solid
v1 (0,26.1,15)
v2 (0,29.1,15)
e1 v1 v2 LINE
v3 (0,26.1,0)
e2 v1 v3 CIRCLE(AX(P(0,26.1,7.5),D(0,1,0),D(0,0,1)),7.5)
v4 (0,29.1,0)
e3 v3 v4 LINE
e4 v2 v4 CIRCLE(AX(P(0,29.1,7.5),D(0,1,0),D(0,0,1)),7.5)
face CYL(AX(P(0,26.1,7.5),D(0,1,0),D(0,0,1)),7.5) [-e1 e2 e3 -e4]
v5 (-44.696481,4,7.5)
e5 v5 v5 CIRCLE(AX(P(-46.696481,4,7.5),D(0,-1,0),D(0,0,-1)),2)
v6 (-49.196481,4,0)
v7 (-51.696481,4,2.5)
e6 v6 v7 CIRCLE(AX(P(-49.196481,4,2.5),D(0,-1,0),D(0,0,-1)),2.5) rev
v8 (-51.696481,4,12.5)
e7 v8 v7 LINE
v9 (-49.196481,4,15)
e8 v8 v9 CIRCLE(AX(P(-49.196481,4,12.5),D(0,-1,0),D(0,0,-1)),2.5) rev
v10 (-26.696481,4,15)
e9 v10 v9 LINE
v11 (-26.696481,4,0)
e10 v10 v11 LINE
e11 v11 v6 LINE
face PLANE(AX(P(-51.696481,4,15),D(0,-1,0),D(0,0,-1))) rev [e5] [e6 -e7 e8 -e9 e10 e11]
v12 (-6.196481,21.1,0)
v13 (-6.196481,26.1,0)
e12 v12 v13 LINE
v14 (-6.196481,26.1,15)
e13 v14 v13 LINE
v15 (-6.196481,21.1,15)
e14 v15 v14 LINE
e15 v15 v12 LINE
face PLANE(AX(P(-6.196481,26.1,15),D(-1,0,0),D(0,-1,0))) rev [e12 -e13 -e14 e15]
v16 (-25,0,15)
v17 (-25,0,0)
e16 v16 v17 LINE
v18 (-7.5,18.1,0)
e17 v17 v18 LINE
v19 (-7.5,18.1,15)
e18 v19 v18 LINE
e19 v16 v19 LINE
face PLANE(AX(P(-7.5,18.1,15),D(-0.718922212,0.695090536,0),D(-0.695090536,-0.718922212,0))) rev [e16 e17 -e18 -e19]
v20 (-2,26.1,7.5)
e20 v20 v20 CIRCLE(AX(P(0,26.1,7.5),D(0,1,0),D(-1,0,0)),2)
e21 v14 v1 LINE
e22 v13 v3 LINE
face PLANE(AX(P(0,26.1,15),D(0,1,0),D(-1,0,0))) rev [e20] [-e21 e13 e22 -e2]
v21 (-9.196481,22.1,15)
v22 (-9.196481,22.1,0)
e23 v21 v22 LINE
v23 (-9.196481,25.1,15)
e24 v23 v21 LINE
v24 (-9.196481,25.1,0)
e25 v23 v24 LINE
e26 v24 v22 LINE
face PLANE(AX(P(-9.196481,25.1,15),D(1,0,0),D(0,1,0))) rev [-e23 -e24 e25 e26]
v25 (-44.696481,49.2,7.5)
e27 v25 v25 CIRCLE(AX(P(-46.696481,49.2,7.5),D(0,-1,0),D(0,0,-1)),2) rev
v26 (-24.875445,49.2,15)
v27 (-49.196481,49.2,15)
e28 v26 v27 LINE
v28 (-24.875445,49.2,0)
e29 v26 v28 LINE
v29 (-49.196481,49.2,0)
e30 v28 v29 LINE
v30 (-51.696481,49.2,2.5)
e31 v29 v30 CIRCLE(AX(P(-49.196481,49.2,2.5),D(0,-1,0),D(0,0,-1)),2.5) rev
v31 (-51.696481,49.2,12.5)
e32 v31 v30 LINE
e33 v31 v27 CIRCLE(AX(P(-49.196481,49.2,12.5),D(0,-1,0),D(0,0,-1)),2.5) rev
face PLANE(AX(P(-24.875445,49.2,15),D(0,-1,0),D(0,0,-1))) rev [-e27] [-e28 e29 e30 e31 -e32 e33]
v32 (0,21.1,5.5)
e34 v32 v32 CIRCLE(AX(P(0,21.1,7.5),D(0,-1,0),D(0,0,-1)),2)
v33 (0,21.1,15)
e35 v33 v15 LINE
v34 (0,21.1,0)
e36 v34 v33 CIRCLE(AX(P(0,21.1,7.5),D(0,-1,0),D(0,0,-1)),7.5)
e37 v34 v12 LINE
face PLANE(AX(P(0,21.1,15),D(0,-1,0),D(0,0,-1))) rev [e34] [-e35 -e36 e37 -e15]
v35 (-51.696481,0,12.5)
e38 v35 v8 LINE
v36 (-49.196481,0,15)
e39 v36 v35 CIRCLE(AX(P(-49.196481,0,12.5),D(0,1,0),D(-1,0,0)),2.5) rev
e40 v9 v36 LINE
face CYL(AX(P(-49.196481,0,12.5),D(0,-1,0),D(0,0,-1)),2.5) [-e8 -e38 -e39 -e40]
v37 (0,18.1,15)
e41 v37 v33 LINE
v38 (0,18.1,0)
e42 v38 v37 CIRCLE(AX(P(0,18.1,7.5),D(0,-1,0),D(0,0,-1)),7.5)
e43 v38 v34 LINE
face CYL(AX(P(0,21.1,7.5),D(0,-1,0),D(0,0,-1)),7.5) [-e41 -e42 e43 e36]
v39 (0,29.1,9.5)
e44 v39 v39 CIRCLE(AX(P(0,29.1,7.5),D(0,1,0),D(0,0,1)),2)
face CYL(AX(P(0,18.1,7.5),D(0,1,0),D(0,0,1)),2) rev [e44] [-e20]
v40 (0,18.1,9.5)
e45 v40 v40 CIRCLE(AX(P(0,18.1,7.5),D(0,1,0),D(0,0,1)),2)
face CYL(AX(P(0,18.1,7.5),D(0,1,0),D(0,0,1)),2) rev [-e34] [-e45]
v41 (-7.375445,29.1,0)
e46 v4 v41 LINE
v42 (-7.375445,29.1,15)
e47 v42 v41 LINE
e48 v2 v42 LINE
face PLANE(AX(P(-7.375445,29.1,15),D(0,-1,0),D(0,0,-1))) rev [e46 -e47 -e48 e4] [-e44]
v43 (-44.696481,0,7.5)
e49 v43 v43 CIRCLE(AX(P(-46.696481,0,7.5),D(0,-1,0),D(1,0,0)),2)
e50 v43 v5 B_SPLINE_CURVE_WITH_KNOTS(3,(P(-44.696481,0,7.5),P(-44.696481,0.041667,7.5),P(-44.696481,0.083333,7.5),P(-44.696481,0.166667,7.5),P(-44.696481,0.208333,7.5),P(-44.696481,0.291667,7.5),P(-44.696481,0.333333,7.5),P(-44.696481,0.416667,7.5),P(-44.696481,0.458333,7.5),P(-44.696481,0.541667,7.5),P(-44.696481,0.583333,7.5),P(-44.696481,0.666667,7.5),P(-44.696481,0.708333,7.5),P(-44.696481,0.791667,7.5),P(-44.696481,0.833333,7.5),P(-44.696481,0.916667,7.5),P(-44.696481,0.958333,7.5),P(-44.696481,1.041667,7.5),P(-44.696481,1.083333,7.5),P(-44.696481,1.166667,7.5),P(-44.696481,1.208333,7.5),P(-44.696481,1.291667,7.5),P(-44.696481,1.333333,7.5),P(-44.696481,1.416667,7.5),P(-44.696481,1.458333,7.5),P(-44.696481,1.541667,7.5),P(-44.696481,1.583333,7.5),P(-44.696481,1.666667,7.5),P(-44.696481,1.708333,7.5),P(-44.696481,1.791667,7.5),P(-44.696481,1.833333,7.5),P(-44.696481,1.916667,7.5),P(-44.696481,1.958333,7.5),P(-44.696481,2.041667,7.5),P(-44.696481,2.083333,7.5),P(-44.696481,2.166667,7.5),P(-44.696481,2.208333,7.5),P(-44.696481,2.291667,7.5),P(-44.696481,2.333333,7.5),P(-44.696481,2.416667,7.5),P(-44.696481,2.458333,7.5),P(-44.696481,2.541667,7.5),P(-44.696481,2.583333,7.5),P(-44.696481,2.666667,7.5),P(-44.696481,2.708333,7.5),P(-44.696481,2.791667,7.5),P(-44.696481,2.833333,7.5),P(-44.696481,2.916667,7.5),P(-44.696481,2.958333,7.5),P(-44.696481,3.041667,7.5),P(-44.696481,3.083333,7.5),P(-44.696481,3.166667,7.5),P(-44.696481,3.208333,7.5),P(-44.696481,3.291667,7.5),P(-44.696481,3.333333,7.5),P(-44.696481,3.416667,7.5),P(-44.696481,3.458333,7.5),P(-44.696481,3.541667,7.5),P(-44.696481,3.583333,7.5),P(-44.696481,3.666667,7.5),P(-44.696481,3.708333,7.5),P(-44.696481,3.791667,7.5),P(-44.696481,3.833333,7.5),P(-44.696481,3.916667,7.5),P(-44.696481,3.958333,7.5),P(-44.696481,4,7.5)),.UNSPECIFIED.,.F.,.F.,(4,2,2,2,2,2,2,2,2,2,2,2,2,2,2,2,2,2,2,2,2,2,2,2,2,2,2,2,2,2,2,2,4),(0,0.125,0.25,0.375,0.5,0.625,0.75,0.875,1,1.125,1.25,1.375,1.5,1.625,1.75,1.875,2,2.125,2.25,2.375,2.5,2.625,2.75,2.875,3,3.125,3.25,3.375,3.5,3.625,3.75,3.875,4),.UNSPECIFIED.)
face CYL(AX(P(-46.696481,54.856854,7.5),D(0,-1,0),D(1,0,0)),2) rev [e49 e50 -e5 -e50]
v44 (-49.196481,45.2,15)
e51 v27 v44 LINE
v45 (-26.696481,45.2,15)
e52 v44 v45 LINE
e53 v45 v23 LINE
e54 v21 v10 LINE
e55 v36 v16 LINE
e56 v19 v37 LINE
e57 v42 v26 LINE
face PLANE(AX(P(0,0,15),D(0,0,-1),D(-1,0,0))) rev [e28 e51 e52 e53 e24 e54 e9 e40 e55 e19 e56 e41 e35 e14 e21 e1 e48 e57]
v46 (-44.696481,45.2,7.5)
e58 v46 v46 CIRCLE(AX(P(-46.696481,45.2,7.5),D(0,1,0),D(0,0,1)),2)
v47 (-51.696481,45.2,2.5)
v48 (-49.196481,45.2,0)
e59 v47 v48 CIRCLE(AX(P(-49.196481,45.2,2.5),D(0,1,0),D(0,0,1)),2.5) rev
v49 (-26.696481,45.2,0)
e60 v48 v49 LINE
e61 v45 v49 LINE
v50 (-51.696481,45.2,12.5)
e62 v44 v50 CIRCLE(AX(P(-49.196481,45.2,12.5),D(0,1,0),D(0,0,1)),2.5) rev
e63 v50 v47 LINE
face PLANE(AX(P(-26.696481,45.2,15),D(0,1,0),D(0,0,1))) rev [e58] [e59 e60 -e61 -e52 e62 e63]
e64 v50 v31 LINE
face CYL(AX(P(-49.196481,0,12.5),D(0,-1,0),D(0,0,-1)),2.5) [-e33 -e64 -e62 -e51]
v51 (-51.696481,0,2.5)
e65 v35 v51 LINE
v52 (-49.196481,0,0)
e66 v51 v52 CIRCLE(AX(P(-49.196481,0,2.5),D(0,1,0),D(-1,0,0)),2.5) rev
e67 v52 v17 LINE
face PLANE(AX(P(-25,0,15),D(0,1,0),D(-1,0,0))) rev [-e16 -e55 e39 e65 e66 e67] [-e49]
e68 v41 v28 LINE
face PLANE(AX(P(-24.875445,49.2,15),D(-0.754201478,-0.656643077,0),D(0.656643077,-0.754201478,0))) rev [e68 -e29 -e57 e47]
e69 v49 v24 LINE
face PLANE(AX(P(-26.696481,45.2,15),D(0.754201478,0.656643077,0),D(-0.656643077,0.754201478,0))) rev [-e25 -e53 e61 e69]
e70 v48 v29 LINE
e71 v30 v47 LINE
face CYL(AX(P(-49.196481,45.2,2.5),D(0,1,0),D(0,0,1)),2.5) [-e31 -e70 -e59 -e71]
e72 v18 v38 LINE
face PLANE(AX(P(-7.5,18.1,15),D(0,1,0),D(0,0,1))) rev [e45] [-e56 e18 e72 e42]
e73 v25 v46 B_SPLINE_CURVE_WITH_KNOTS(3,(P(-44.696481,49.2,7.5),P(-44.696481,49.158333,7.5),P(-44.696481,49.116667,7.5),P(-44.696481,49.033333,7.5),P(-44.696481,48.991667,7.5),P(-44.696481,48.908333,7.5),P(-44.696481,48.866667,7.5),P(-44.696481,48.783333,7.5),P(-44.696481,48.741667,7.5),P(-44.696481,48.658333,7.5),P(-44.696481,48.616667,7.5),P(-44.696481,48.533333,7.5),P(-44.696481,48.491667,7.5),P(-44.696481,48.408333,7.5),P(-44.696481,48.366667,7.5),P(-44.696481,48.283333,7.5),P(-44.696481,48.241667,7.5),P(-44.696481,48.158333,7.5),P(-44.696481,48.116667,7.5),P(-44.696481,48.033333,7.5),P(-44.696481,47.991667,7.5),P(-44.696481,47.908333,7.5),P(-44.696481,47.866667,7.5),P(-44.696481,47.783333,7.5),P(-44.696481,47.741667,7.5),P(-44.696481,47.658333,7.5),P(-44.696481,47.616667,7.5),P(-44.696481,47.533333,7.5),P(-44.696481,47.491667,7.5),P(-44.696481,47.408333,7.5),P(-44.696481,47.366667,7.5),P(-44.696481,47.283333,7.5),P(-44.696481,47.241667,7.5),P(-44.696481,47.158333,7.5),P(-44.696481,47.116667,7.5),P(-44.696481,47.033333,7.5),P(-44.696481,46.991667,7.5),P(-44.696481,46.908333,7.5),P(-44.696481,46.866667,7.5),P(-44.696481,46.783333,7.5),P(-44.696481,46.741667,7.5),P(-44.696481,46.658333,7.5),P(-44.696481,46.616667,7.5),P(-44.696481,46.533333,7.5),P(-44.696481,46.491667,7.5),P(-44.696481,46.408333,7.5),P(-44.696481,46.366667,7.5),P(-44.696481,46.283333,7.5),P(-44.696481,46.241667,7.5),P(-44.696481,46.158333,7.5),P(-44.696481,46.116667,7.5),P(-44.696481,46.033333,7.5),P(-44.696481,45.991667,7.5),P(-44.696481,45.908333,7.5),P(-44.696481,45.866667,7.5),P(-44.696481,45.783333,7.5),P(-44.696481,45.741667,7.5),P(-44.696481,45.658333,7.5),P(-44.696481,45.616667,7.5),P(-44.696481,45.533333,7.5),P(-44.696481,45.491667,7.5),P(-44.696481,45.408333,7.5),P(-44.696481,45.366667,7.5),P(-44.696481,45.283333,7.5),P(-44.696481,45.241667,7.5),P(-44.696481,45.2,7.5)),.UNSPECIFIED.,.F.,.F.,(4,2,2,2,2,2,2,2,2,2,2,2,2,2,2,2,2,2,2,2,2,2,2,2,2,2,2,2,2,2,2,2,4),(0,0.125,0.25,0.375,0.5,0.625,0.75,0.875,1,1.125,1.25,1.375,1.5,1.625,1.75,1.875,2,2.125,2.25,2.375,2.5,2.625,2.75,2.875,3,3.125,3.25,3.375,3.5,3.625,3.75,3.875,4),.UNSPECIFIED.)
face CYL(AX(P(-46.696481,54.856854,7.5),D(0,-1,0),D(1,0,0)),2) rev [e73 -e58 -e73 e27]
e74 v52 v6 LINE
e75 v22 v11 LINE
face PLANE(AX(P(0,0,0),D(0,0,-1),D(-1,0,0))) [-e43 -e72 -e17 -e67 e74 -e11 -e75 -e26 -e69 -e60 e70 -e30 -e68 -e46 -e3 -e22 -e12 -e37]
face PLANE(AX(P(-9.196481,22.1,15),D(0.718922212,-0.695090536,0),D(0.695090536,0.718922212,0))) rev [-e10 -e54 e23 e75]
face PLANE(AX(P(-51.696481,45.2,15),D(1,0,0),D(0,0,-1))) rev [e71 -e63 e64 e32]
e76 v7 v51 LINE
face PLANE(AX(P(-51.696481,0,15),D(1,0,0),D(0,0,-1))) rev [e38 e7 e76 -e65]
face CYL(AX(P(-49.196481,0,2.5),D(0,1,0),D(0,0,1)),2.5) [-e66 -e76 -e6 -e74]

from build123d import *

# Parameters (mm, degrees)
EXTRUDE_1_DEPTH     = 15
CUT_EXTRUDE_1_REACH = 74.926
SKETCH_2_R          = 2
SKETCH_3_R          = 7.5
EXTRUDE_2_DEPTH     = 3
EXTRUDE_START       = -3
SKETCH_4_R          = 7.5
EXTRUDE_3_DEPTH     = 3
SKETCH_5_R          = 2
CUT_EXTRUDE_2_DEPTH = 11
FILLET_1_R          = 2.5


with BuildPart() as part:
    # 草圖1 → 填料-伸長1 (new body)
    with BuildSketch(Plane.XY):
        Polygon((-26.696480976, 45.2), (-47.696480976, 45.2), (-51.696480976, 45.2), (-51.696480976, 49.2), (-24.875445442, 49.2), (-7.375445442, 29.1), (0, 29.1), (0, 26.1), (-6.196480976, 26.1), (-6.196480976, 21.1), (0, 21.1), (0, 18.1), (-7.5, 18.1), (-25, 0), (-51.696480976, 0), (-51.696480976, 4), (-47.696480976, 4), (-26.696480976, 4), (-9.196480976, 22.1), (-9.196480976, 25.1), align=None)
    extrude(amount=EXTRUDE_1_DEPTH)

    # 除料-伸長1: up to this face of the body (flat: up to its plane)
    cut_extrude_1_end = Plane(part.part.faces().sort_by_distance((-38.285963209, 49.2, 7.5))[0])
    # 草圖2 → 除料-伸長1 (cut, up to the picked face)
    with BuildSketch(Plane.XZ, mode=Mode.PRIVATE) as cut_extrude_1_sk1:
        with Locations((-46.696480976, 7.5)):
            Circle(SKETCH_2_R)
    cut_extrude_1_tool1 = split(extrude(cut_extrude_1_sk1.sketch, amount=-CUT_EXTRUDE_1_REACH, mode=Mode.PRIVATE), bisect_by=cut_extrude_1_end, keep=Keep.BOTH, mode=Mode.PRIVATE)
    add(cut_extrude_1_tool1.solids().sort_by(Axis((-46.696481, 0, 7.5), (0, 1, 0)))[0], mode=Mode.SUBTRACT)

    # 草圖3 → 填料-伸長2 (add)
    with BuildSketch(Plane.XZ.offset(-18.1)):
        with Locations((0, 7.5)):
            Circle(SKETCH_3_R)
    extrude(amount=-EXTRUDE_2_DEPTH)

    # 草圖4 → 填料-伸長3 (add)
    with BuildSketch(Plane(origin=(0, 29.1, 0), x_dir=(1, 0, 0), z_dir=(0, 1, 0)).offset(EXTRUDE_START)):
        with Locations((0, -7.5)):
            Circle(SKETCH_4_R)
    extrude(amount=EXTRUDE_3_DEPTH)

    # 草圖5 → 除料-伸長2 (cut)
    with BuildSketch(Plane(origin=(0, 29.1, 0), x_dir=(1, 0, 0), z_dir=(0, 1, 0))):
        with Locations(Location((0, -7.5, 0), (0, 0, 270))):
            Circle(SKETCH_5_R)
    extrude(amount=-CUT_EXTRUDE_2_DEPTH, mode=Mode.SUBTRACT)

    # 圓角1
    fillet_1_edges = [part.edges().sort_by_distance(p)[0] for p in [
        (-51.696480976, 47.2, 0),
        (-51.696480976, 2, 15),
        (-51.696480976, 2, 0),
        (-51.696480976, 47.2, 15),
    ]]
    fillet(fillet_1_edges, radius=FILLET_1_R)


solid = part.part
